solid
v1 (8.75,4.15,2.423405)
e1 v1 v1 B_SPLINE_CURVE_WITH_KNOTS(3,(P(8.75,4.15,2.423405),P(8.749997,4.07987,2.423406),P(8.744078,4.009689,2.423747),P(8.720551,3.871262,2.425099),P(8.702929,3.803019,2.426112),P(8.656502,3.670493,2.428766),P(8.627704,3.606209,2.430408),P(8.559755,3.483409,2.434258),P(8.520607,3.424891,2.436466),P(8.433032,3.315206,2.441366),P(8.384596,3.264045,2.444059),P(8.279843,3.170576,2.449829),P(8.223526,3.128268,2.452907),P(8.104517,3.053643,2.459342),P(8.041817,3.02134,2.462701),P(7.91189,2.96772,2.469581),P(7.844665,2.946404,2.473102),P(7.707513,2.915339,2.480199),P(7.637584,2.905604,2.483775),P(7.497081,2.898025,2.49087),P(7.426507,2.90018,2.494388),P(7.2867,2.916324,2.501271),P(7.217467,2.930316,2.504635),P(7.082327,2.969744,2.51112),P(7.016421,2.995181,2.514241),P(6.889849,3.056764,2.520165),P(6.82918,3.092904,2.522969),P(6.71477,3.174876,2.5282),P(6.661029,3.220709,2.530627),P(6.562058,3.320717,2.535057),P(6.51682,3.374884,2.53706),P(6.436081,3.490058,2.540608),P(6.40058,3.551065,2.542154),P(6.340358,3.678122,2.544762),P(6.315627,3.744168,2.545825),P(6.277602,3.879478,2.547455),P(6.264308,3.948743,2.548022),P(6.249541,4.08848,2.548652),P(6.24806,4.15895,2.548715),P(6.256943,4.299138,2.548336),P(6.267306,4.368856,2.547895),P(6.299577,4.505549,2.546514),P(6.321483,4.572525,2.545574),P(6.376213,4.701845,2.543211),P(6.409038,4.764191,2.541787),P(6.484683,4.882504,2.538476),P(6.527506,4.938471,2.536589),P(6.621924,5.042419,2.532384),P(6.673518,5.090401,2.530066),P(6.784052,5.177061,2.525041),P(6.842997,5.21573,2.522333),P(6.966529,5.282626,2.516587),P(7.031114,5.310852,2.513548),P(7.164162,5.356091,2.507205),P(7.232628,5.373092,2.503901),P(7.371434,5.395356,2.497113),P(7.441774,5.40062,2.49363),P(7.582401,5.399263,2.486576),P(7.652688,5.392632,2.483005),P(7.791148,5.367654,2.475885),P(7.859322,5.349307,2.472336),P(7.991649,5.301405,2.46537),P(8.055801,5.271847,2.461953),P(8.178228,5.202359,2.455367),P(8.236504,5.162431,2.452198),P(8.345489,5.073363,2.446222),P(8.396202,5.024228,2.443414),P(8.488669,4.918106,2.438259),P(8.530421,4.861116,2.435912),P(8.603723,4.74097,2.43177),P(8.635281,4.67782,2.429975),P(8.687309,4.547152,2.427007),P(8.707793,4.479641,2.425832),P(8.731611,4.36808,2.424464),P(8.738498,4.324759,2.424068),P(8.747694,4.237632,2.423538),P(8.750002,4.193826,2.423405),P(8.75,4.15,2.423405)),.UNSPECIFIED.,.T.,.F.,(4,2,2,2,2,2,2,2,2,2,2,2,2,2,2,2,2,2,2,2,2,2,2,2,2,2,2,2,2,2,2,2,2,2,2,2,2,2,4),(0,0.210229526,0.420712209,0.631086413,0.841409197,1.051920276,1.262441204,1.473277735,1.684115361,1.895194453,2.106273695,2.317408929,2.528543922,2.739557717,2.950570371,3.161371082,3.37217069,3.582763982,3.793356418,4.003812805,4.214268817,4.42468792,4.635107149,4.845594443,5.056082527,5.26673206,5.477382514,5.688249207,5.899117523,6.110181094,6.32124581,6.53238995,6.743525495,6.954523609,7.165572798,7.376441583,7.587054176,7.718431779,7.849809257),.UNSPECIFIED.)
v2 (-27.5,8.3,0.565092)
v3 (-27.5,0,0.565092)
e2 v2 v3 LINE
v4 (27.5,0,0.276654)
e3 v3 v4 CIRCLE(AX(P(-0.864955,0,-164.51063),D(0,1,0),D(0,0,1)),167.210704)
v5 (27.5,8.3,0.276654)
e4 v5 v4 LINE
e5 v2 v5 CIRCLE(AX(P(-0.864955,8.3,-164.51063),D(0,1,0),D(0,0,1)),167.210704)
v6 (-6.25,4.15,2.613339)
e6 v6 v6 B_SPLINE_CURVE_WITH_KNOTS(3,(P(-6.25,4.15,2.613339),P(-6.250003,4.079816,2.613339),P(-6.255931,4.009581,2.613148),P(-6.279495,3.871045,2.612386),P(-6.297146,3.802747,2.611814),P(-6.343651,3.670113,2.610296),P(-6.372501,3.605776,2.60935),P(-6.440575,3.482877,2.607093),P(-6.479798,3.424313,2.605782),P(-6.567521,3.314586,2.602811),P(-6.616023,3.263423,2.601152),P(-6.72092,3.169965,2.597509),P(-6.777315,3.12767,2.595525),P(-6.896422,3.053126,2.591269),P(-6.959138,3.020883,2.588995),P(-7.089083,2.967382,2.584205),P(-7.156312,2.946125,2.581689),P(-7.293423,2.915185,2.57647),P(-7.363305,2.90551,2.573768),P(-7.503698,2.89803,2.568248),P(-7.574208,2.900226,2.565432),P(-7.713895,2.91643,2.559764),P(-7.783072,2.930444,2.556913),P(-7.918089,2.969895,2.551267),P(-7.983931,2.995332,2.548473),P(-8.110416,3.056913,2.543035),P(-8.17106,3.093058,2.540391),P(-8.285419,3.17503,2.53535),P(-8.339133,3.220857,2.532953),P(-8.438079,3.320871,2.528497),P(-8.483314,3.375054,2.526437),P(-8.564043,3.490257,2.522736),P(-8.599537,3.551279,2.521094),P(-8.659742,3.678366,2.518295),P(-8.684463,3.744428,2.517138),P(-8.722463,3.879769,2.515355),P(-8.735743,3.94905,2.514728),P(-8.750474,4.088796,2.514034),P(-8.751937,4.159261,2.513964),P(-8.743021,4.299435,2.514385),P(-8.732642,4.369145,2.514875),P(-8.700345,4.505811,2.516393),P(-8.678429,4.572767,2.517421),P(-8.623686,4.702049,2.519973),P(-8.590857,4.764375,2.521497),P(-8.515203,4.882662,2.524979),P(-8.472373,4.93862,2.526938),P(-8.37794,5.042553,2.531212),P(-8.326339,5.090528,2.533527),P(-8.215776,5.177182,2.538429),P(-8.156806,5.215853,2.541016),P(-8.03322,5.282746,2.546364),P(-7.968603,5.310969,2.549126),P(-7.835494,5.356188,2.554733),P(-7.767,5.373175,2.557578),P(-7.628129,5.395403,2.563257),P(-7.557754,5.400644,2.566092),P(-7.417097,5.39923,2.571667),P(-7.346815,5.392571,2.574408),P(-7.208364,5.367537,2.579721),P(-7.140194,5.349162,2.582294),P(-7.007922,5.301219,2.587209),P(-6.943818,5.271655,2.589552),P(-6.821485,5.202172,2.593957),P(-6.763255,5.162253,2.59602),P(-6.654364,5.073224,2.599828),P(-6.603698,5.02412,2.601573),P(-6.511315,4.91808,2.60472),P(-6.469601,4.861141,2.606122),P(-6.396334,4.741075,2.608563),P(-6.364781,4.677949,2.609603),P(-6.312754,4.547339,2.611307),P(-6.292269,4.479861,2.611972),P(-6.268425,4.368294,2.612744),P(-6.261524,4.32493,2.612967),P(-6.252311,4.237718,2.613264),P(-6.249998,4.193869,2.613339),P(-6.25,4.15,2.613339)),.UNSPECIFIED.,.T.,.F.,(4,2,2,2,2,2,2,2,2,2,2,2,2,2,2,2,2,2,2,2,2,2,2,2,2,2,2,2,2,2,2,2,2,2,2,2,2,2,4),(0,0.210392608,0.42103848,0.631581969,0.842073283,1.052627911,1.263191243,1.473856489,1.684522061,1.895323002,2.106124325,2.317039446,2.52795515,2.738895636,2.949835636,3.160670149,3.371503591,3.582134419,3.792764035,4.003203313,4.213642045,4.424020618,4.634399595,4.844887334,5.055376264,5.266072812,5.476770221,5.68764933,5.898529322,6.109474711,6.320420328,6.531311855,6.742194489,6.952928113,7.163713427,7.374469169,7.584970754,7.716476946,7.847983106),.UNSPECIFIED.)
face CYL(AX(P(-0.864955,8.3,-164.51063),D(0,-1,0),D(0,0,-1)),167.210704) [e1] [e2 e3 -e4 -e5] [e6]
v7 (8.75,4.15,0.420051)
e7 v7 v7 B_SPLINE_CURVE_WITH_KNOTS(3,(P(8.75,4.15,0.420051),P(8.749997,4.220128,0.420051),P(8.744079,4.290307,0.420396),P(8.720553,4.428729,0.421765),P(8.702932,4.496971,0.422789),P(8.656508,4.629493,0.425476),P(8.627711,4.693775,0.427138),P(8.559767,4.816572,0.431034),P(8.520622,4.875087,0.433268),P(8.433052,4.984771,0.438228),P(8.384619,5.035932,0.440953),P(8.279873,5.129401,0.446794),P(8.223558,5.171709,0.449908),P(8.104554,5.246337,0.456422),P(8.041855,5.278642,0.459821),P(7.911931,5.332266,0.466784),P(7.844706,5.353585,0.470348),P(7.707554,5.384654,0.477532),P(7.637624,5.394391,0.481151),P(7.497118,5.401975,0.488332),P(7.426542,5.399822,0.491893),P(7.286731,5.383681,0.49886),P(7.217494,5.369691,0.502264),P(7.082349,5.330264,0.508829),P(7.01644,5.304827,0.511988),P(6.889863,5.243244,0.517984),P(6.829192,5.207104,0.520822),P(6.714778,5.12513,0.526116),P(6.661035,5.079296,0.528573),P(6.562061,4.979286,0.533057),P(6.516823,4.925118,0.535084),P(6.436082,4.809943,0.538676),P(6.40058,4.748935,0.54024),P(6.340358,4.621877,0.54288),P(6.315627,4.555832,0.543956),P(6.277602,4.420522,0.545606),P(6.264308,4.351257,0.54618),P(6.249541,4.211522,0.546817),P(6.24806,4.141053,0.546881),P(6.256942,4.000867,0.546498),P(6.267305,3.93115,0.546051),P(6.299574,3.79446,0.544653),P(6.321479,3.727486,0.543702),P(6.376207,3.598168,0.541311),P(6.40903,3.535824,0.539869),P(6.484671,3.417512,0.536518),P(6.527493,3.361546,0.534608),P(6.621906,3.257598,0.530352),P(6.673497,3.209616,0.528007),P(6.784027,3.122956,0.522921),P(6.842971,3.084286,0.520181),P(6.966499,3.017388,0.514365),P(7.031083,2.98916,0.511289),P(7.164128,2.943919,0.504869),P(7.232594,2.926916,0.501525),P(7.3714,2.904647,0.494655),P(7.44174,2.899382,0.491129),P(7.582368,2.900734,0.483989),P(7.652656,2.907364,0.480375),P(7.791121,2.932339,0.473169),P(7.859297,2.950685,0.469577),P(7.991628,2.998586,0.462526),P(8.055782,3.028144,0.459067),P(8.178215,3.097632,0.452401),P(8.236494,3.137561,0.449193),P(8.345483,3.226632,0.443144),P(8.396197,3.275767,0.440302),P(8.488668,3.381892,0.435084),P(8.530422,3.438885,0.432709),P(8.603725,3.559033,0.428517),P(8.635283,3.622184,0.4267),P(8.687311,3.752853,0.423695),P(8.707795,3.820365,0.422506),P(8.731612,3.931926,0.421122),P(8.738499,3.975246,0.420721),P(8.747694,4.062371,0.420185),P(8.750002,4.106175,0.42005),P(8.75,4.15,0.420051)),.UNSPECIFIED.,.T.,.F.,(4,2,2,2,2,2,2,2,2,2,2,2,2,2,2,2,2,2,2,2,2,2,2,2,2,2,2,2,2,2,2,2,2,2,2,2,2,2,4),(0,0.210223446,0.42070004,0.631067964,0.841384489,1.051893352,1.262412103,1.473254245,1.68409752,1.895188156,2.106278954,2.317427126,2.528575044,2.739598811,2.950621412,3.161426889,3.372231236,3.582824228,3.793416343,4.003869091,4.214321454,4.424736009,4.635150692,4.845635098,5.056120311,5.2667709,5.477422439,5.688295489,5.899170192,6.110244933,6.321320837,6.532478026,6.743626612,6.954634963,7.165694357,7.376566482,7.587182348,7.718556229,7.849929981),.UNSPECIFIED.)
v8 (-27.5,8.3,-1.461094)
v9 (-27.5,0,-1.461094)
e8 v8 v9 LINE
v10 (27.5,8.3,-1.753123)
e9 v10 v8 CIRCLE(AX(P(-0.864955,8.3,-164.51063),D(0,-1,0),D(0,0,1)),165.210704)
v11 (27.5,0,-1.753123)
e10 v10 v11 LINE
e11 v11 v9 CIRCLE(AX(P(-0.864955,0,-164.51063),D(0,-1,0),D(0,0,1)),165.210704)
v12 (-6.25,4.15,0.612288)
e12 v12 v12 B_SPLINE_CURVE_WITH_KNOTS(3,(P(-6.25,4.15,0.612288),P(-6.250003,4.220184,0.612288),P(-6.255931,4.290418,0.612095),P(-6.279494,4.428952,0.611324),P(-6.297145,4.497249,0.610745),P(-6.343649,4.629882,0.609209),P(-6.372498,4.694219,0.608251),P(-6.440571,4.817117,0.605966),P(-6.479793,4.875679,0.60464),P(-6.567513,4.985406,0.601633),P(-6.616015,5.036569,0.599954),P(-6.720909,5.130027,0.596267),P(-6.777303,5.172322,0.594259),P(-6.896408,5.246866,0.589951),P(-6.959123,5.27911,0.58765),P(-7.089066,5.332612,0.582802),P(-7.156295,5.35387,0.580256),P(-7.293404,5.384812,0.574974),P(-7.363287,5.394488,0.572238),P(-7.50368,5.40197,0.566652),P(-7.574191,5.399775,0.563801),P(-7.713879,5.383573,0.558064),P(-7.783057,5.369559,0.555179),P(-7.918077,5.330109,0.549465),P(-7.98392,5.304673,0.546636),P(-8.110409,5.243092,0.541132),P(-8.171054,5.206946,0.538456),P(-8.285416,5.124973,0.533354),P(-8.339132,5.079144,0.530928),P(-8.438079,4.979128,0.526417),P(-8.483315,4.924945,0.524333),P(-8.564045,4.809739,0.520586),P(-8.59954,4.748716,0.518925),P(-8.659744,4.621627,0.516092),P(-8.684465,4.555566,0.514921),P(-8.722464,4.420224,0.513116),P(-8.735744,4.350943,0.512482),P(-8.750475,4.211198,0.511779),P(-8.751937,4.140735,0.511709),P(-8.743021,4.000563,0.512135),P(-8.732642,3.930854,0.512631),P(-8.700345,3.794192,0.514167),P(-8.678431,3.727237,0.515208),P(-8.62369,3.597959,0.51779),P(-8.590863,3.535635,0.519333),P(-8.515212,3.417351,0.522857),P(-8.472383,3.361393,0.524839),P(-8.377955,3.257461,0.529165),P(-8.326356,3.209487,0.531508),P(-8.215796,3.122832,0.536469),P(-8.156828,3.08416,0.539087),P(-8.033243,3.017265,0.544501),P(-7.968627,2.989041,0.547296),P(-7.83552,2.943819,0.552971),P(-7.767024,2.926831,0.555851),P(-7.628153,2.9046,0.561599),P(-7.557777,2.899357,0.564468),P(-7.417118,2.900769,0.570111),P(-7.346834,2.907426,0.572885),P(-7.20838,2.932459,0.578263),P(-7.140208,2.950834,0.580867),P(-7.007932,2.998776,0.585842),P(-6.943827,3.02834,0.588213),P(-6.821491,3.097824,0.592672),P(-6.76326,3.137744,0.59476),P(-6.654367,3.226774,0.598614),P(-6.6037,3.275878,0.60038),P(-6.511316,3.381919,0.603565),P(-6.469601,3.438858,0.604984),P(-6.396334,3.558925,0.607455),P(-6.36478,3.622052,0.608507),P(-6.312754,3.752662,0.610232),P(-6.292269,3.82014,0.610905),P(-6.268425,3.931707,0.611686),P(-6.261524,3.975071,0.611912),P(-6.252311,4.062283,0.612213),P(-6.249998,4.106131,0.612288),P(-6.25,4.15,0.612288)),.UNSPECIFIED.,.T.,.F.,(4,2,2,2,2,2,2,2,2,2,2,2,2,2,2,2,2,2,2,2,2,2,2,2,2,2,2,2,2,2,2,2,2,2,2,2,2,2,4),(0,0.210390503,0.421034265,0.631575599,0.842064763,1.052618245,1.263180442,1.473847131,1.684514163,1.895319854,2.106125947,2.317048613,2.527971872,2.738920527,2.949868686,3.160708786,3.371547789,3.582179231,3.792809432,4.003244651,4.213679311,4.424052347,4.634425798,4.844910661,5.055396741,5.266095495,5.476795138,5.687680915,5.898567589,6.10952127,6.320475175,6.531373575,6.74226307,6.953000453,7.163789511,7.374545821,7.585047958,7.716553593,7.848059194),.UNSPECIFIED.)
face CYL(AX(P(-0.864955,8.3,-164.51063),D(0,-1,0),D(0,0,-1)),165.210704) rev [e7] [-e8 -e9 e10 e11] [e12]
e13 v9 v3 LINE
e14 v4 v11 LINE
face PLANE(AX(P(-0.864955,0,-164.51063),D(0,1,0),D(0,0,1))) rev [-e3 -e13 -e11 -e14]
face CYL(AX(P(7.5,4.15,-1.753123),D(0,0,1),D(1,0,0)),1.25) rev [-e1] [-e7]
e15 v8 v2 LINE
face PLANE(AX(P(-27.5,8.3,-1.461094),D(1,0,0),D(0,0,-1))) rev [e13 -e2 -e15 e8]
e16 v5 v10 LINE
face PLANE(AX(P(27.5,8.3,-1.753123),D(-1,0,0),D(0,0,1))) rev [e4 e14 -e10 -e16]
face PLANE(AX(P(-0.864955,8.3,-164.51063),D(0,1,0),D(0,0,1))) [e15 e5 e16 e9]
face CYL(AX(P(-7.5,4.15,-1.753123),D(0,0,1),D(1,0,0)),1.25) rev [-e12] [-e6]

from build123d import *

# Parameters (mm, degrees)
BOSS_EXTRUDE1_DEPTH     = 8.3
SKETCH2_R               = 1.25
CUT_EXTRUDE1_DEPTH      = 3.700074126
CUT_EXTRUDE1_DEPTH_BACK = 2.753123062


with BuildPart() as part:
    # Sketch1 → Boss-Extrude1 (new body)
    with BuildSketch(Plane(origin=(0, 0, 0), x_dir=(1, 0, 0), z_dir=(0, 1, 0))):
        with BuildLine():
            Line((27.5, 1.753123062), (27.5, -0.276653737))
            ThreePointArc((27.5, -0.276653737), (0.011940827, -2.697774775), (-27.5, -0.56509193))
            Line((-27.5, -0.56509193), (-27.5, 1.461094109))
            ThreePointArc((-27.5, 1.461094109), (0.012237892, -0.697745363), (27.5, 1.753123062))
        make_face()
    extrude(amount=BOSS_EXTRUDE1_DEPTH)

    # Sketch2 → Cut-Extrude1 (cut, two sides)
    with BuildSketch(Plane.XY) as cut_extrude1_sk:
        with Locations((7.5, 4.15)):
            Circle(SKETCH2_R)
        with Locations((-7.5, 4.15)):
            Circle(SKETCH2_R)
    extrude(amount=CUT_EXTRUDE1_DEPTH, mode=Mode.SUBTRACT)
    extrude(cut_extrude1_sk.sketch, amount=-CUT_EXTRUDE1_DEPTH_BACK, mode=Mode.SUBTRACT)


solid = part.part
